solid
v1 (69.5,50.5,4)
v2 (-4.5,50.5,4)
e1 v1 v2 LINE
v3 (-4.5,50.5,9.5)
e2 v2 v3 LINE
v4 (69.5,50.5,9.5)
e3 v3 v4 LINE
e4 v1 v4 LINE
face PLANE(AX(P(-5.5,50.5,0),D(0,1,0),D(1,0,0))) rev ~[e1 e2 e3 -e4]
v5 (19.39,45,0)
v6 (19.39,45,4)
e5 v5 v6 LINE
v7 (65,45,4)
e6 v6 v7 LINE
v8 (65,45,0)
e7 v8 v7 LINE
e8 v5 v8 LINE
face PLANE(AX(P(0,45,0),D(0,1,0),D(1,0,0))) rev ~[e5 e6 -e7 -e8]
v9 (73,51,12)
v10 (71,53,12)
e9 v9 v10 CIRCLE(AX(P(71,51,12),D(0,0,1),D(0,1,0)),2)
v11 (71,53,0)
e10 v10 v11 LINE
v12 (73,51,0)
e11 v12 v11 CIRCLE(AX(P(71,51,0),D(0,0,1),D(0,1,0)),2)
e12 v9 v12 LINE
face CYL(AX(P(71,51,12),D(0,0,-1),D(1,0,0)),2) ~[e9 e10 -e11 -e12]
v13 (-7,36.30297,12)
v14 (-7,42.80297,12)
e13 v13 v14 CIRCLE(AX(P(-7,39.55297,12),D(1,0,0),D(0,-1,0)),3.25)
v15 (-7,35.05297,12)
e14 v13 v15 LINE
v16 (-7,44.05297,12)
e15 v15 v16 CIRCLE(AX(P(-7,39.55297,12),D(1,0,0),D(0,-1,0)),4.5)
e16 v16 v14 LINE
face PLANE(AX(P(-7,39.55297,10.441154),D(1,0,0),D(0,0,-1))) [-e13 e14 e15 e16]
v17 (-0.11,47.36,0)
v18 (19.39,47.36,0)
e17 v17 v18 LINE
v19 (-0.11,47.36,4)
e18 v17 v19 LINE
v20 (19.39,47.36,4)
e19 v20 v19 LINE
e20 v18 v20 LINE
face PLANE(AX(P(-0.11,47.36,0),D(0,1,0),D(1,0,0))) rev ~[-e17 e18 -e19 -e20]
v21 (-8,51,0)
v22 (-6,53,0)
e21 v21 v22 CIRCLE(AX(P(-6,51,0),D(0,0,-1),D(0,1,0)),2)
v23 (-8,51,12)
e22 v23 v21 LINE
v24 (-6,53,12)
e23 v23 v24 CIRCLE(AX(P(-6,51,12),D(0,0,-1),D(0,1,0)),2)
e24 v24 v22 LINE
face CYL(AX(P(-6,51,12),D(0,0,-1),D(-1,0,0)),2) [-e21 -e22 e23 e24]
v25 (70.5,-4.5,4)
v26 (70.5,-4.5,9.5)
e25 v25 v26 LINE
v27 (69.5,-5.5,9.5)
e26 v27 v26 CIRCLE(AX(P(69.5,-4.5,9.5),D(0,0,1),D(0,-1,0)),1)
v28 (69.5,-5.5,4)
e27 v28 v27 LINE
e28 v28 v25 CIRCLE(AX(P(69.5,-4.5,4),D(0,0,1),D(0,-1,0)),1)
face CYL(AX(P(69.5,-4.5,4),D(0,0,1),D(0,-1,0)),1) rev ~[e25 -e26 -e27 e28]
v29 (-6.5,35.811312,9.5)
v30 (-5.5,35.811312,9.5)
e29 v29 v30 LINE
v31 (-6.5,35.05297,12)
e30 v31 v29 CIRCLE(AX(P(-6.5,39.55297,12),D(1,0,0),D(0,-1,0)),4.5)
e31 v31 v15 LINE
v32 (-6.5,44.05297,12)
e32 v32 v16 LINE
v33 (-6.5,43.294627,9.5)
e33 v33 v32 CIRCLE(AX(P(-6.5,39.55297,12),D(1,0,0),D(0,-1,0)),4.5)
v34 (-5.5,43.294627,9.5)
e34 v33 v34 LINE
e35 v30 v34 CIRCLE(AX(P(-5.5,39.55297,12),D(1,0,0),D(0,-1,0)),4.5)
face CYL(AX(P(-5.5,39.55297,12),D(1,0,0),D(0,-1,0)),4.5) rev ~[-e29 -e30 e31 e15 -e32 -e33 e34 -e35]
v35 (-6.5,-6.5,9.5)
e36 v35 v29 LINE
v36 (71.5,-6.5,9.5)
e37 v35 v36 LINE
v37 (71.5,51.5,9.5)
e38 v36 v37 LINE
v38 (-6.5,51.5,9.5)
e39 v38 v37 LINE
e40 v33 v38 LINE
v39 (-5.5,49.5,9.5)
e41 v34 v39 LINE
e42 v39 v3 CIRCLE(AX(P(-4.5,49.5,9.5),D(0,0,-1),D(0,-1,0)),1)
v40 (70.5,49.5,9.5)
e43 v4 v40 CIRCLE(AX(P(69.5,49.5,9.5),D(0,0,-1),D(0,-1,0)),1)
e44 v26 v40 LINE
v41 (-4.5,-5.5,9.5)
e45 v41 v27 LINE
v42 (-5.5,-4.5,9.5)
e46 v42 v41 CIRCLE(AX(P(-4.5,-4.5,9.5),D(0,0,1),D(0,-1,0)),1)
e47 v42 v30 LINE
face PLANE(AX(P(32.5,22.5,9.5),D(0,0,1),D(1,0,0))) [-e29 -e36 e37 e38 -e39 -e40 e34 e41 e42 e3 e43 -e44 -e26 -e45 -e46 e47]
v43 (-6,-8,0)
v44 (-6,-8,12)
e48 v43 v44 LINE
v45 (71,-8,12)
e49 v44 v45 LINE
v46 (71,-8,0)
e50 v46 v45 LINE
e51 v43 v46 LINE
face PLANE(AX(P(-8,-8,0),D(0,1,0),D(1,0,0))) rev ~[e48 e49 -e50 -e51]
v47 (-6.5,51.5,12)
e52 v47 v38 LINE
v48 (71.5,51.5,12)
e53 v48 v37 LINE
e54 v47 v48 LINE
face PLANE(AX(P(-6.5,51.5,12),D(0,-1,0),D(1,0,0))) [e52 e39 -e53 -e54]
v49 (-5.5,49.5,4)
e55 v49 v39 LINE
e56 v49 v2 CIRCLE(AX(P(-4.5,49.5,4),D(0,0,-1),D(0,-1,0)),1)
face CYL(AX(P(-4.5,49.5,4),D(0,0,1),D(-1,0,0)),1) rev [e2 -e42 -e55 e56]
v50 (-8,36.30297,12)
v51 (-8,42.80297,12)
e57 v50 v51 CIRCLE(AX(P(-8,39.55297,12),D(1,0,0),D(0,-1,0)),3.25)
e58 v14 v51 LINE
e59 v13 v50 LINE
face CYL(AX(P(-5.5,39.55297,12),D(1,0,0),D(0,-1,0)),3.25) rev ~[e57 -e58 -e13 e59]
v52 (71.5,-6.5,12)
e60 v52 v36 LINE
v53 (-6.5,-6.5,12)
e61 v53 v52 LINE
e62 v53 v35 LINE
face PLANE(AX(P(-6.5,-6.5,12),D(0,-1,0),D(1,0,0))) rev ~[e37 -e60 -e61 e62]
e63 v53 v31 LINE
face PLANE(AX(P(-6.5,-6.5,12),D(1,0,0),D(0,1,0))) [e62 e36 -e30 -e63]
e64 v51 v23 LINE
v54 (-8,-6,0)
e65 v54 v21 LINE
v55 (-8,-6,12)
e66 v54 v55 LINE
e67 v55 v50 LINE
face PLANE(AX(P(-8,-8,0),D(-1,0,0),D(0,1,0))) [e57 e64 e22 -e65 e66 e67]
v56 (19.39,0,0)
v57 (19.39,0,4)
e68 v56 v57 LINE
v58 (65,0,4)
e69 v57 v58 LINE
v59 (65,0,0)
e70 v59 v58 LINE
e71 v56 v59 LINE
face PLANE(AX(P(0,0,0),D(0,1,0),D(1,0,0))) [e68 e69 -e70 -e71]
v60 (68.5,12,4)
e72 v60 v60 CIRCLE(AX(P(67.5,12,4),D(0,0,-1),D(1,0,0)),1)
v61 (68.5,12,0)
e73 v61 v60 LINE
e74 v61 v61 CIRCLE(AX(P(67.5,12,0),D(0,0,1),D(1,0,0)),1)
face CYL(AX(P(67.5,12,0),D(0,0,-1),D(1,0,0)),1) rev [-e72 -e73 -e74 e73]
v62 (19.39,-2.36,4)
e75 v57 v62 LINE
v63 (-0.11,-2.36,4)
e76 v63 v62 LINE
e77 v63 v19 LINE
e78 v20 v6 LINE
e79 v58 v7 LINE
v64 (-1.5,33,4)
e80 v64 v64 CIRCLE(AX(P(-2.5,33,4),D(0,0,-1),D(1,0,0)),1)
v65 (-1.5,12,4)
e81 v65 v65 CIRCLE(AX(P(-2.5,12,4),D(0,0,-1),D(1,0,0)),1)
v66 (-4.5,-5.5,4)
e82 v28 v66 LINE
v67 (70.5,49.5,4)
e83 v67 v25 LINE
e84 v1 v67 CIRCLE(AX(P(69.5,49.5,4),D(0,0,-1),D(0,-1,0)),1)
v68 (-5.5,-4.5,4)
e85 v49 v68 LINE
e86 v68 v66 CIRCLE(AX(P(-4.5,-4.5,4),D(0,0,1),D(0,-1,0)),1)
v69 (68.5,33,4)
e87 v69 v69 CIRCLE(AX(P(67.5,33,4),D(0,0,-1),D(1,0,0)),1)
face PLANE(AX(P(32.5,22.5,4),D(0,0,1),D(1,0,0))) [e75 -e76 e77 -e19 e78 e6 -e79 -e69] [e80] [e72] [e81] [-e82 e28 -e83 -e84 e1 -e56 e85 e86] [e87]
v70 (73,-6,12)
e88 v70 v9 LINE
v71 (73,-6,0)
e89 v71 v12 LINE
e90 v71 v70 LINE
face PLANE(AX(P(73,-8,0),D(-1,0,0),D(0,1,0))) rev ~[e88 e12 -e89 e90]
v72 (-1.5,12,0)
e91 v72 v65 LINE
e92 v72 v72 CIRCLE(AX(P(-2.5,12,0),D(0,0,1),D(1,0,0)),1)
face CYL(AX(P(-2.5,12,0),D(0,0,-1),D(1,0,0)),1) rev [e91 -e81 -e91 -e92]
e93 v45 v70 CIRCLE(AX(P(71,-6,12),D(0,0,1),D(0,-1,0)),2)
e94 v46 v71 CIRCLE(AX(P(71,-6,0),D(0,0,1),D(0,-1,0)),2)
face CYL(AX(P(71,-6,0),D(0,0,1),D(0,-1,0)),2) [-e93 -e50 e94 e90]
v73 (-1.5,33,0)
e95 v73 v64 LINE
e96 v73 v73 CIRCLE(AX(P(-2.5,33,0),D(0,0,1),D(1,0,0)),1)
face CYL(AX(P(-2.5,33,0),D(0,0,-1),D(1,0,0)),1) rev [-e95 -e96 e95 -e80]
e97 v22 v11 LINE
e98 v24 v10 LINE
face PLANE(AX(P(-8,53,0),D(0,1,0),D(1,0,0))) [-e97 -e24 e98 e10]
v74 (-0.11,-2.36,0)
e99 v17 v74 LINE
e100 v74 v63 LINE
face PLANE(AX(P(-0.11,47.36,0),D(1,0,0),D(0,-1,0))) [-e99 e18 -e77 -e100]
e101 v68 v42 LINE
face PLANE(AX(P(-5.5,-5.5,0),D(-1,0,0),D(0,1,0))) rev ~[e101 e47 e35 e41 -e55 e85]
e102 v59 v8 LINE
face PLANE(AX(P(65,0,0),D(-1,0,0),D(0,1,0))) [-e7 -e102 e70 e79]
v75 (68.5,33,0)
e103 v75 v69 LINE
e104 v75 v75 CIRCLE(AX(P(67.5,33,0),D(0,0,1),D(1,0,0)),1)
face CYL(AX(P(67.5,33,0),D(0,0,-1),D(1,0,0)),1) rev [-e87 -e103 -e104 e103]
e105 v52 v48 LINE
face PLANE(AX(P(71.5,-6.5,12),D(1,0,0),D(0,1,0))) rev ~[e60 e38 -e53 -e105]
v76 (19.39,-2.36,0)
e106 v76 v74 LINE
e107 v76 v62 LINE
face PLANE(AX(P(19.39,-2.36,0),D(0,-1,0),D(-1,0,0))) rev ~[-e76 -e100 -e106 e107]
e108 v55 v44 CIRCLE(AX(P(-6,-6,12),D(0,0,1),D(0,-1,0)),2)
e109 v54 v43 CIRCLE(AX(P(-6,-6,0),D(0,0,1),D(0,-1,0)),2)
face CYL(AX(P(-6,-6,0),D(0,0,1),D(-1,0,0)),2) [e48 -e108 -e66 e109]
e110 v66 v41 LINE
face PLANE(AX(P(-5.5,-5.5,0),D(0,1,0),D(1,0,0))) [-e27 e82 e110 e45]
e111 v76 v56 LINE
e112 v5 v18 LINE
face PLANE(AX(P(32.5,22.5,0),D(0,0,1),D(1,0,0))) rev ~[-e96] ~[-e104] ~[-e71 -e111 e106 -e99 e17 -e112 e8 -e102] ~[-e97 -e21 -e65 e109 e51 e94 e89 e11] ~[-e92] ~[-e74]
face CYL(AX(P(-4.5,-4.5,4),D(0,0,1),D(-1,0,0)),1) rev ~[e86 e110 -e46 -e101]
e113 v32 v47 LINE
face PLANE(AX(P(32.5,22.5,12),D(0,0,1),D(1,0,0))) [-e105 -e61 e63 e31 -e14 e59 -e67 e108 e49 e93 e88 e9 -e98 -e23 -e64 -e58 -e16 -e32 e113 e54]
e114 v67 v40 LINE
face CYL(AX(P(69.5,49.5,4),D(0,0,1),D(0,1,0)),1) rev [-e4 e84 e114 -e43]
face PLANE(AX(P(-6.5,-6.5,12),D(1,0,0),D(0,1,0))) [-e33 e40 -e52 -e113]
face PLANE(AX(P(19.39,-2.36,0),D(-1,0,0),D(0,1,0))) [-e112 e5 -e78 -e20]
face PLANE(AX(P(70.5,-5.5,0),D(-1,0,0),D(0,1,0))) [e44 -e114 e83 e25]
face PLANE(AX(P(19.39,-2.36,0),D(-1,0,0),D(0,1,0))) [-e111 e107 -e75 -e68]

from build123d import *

# Parameters (mm, degrees)
ESQUISSE1_W                     = 81
ESQUISSE1_H                     = 61
ESQUISSE1_W_2                   = 65
ESQUISSE1_H_2                   = 45
EXTRU_MINCE1_DEPTH              = 4
ESQUISSE3_R                     = 1
ENL_V_MAT_EXTRU_1_DEPTH         = 13
ESQUISSE4_W                     = 81
ESQUISSE4_H                     = 61
ESQUISSE4_W_2                   = 76
ESQUISSE4_H_2                   = 56
EXTRU_MINCE2_DEPTH              = 12
ENL_V_MAT_EXTRU_5_DEPTH         = 11.5
ENL_V_MAT_EXTRU_4_DEPTH         = 1.5
ESQUISSE9_W                     = 78
ESQUISSE9_H                     = 58
ESQUISSE9_W_2                   = 76
ESQUISSE9_H_2                   = 56
ENL_V_DE_MAT_EXTRU_MINCE1_DEPTH = 2.5
CONG_4_R                        = 1
CONG_5_R                        = 2


with BuildPart() as part:
    # Esquisse1 → Extru.-Mince1 (new body)
    with BuildSketch(Plane.XY):
        with Locations((32.5, 22.5)):
            Rectangle(ESQUISSE1_W, ESQUISSE1_H)
        with Locations((32.5, 22.5)):
            Rectangle(ESQUISSE1_W_2, ESQUISSE1_H_2, mode=Mode.SUBTRACT)
    extrude(amount=EXTRU_MINCE1_DEPTH)

    # Esquisse3 → Enlèv. mat.-Extru.1 (cut)
    with BuildSketch(Plane.XY):
        with Locations((-2.5, 33)):
            Circle(ESQUISSE3_R)
        with Locations((-2.5, 12)):
            Circle(ESQUISSE3_R)
        with Locations((67.5, 33)):
            Circle(ESQUISSE3_R)
        with Locations((67.5, 12)):
            Circle(ESQUISSE3_R)
        Polygon((-0.11, 47.36), (19.39, 47.36), (19.39, 43.36), (19.39, 1.64), (19.39, -2.36), (-0.11, -2.36), (-0.11, 1.64), (-0.11, 43.36), align=None)
    extrude(amount=ENL_V_MAT_EXTRU_1_DEPTH, mode=Mode.SUBTRACT)

    # Esquisse4 → Extru.-Mince2 (add)
    with BuildSketch(Plane.XY):
        with Locations((32.5, 22.5)):
            Rectangle(ESQUISSE4_W, ESQUISSE4_H)
        with Locations((32.5, 22.5)):
            Rectangle(ESQUISSE4_W_2, ESQUISSE4_H_2, mode=Mode.SUBTRACT)
    extrude(amount=EXTRU_MINCE2_DEPTH)

    # Esquisse7 → Enlèv. mat.-Extru.5 (cut)
    with BuildSketch(Plane(origin=(-5.5, 0, 0), x_dir=(0, 0, -1), z_dir=(1, 0, 0))):
        with BuildLine():
            Line((-12, 42.802969616), (-12, 36.302969616))
            ThreePointArc((-12, 36.302969616), (-8.75, 39.552969616), (-12, 42.802969616))
        make_face()
    extrude(amount=-ENL_V_MAT_EXTRU_5_DEPTH, mode=Mode.SUBTRACT)

    # Esquisse6 → Enlèv. mat.-Extru.4 (cut)
    with BuildSketch(Plane(origin=(-5.5, 0, 0), x_dir=(0, 0, -1), z_dir=(1, 0, 0))):
        with BuildLine():
            Line((-12, 44.052969616), (-12, 35.052969616))
            ThreePointArc((-12, 35.052969616), (-7.5, 39.552969616), (-12, 44.052969616))
        make_face()
    extrude(amount=-ENL_V_MAT_EXTRU_4_DEPTH, mode=Mode.SUBTRACT)

    # Esquisse9 → Enlèv. de mat.-Extru.-Mince1 (cut)
    with BuildSketch(Plane.XY.offset(12)):
        with Locations((32.5, 22.5)):
            Rectangle(ESQUISSE9_W, ESQUISSE9_H)
        with Locations((32.5, 22.5)):
            Rectangle(ESQUISSE9_W_2, ESQUISSE9_H_2, mode=Mode.SUBTRACT)
    extrude(amount=-ENL_V_DE_MAT_EXTRU_MINCE1_DEPTH, mode=Mode.SUBTRACT)

    # Congé4
    cong_4_edges = [part.edges().sort_by_distance(p)[0] for p in [
        (-5.5, 50.5, 6.75),
        (70.5, 50.5, 6.75),
        (70.5, -5.5, 6.75),
        (-5.5, -5.5, 6.75),
    ]]
    fillet(cong_4_edges, radius=CONG_4_R)

    # Congé5
    cong_5_edges = [part.edges().sort_by_distance(p)[0] for p in [
        (-8, 53, 6),
        (73, 53, 6),
        (73, -8, 6),
        (-8, -8, 6),
    ]]
    fillet(cong_5_edges, radius=CONG_5_R)


solid = part.part
